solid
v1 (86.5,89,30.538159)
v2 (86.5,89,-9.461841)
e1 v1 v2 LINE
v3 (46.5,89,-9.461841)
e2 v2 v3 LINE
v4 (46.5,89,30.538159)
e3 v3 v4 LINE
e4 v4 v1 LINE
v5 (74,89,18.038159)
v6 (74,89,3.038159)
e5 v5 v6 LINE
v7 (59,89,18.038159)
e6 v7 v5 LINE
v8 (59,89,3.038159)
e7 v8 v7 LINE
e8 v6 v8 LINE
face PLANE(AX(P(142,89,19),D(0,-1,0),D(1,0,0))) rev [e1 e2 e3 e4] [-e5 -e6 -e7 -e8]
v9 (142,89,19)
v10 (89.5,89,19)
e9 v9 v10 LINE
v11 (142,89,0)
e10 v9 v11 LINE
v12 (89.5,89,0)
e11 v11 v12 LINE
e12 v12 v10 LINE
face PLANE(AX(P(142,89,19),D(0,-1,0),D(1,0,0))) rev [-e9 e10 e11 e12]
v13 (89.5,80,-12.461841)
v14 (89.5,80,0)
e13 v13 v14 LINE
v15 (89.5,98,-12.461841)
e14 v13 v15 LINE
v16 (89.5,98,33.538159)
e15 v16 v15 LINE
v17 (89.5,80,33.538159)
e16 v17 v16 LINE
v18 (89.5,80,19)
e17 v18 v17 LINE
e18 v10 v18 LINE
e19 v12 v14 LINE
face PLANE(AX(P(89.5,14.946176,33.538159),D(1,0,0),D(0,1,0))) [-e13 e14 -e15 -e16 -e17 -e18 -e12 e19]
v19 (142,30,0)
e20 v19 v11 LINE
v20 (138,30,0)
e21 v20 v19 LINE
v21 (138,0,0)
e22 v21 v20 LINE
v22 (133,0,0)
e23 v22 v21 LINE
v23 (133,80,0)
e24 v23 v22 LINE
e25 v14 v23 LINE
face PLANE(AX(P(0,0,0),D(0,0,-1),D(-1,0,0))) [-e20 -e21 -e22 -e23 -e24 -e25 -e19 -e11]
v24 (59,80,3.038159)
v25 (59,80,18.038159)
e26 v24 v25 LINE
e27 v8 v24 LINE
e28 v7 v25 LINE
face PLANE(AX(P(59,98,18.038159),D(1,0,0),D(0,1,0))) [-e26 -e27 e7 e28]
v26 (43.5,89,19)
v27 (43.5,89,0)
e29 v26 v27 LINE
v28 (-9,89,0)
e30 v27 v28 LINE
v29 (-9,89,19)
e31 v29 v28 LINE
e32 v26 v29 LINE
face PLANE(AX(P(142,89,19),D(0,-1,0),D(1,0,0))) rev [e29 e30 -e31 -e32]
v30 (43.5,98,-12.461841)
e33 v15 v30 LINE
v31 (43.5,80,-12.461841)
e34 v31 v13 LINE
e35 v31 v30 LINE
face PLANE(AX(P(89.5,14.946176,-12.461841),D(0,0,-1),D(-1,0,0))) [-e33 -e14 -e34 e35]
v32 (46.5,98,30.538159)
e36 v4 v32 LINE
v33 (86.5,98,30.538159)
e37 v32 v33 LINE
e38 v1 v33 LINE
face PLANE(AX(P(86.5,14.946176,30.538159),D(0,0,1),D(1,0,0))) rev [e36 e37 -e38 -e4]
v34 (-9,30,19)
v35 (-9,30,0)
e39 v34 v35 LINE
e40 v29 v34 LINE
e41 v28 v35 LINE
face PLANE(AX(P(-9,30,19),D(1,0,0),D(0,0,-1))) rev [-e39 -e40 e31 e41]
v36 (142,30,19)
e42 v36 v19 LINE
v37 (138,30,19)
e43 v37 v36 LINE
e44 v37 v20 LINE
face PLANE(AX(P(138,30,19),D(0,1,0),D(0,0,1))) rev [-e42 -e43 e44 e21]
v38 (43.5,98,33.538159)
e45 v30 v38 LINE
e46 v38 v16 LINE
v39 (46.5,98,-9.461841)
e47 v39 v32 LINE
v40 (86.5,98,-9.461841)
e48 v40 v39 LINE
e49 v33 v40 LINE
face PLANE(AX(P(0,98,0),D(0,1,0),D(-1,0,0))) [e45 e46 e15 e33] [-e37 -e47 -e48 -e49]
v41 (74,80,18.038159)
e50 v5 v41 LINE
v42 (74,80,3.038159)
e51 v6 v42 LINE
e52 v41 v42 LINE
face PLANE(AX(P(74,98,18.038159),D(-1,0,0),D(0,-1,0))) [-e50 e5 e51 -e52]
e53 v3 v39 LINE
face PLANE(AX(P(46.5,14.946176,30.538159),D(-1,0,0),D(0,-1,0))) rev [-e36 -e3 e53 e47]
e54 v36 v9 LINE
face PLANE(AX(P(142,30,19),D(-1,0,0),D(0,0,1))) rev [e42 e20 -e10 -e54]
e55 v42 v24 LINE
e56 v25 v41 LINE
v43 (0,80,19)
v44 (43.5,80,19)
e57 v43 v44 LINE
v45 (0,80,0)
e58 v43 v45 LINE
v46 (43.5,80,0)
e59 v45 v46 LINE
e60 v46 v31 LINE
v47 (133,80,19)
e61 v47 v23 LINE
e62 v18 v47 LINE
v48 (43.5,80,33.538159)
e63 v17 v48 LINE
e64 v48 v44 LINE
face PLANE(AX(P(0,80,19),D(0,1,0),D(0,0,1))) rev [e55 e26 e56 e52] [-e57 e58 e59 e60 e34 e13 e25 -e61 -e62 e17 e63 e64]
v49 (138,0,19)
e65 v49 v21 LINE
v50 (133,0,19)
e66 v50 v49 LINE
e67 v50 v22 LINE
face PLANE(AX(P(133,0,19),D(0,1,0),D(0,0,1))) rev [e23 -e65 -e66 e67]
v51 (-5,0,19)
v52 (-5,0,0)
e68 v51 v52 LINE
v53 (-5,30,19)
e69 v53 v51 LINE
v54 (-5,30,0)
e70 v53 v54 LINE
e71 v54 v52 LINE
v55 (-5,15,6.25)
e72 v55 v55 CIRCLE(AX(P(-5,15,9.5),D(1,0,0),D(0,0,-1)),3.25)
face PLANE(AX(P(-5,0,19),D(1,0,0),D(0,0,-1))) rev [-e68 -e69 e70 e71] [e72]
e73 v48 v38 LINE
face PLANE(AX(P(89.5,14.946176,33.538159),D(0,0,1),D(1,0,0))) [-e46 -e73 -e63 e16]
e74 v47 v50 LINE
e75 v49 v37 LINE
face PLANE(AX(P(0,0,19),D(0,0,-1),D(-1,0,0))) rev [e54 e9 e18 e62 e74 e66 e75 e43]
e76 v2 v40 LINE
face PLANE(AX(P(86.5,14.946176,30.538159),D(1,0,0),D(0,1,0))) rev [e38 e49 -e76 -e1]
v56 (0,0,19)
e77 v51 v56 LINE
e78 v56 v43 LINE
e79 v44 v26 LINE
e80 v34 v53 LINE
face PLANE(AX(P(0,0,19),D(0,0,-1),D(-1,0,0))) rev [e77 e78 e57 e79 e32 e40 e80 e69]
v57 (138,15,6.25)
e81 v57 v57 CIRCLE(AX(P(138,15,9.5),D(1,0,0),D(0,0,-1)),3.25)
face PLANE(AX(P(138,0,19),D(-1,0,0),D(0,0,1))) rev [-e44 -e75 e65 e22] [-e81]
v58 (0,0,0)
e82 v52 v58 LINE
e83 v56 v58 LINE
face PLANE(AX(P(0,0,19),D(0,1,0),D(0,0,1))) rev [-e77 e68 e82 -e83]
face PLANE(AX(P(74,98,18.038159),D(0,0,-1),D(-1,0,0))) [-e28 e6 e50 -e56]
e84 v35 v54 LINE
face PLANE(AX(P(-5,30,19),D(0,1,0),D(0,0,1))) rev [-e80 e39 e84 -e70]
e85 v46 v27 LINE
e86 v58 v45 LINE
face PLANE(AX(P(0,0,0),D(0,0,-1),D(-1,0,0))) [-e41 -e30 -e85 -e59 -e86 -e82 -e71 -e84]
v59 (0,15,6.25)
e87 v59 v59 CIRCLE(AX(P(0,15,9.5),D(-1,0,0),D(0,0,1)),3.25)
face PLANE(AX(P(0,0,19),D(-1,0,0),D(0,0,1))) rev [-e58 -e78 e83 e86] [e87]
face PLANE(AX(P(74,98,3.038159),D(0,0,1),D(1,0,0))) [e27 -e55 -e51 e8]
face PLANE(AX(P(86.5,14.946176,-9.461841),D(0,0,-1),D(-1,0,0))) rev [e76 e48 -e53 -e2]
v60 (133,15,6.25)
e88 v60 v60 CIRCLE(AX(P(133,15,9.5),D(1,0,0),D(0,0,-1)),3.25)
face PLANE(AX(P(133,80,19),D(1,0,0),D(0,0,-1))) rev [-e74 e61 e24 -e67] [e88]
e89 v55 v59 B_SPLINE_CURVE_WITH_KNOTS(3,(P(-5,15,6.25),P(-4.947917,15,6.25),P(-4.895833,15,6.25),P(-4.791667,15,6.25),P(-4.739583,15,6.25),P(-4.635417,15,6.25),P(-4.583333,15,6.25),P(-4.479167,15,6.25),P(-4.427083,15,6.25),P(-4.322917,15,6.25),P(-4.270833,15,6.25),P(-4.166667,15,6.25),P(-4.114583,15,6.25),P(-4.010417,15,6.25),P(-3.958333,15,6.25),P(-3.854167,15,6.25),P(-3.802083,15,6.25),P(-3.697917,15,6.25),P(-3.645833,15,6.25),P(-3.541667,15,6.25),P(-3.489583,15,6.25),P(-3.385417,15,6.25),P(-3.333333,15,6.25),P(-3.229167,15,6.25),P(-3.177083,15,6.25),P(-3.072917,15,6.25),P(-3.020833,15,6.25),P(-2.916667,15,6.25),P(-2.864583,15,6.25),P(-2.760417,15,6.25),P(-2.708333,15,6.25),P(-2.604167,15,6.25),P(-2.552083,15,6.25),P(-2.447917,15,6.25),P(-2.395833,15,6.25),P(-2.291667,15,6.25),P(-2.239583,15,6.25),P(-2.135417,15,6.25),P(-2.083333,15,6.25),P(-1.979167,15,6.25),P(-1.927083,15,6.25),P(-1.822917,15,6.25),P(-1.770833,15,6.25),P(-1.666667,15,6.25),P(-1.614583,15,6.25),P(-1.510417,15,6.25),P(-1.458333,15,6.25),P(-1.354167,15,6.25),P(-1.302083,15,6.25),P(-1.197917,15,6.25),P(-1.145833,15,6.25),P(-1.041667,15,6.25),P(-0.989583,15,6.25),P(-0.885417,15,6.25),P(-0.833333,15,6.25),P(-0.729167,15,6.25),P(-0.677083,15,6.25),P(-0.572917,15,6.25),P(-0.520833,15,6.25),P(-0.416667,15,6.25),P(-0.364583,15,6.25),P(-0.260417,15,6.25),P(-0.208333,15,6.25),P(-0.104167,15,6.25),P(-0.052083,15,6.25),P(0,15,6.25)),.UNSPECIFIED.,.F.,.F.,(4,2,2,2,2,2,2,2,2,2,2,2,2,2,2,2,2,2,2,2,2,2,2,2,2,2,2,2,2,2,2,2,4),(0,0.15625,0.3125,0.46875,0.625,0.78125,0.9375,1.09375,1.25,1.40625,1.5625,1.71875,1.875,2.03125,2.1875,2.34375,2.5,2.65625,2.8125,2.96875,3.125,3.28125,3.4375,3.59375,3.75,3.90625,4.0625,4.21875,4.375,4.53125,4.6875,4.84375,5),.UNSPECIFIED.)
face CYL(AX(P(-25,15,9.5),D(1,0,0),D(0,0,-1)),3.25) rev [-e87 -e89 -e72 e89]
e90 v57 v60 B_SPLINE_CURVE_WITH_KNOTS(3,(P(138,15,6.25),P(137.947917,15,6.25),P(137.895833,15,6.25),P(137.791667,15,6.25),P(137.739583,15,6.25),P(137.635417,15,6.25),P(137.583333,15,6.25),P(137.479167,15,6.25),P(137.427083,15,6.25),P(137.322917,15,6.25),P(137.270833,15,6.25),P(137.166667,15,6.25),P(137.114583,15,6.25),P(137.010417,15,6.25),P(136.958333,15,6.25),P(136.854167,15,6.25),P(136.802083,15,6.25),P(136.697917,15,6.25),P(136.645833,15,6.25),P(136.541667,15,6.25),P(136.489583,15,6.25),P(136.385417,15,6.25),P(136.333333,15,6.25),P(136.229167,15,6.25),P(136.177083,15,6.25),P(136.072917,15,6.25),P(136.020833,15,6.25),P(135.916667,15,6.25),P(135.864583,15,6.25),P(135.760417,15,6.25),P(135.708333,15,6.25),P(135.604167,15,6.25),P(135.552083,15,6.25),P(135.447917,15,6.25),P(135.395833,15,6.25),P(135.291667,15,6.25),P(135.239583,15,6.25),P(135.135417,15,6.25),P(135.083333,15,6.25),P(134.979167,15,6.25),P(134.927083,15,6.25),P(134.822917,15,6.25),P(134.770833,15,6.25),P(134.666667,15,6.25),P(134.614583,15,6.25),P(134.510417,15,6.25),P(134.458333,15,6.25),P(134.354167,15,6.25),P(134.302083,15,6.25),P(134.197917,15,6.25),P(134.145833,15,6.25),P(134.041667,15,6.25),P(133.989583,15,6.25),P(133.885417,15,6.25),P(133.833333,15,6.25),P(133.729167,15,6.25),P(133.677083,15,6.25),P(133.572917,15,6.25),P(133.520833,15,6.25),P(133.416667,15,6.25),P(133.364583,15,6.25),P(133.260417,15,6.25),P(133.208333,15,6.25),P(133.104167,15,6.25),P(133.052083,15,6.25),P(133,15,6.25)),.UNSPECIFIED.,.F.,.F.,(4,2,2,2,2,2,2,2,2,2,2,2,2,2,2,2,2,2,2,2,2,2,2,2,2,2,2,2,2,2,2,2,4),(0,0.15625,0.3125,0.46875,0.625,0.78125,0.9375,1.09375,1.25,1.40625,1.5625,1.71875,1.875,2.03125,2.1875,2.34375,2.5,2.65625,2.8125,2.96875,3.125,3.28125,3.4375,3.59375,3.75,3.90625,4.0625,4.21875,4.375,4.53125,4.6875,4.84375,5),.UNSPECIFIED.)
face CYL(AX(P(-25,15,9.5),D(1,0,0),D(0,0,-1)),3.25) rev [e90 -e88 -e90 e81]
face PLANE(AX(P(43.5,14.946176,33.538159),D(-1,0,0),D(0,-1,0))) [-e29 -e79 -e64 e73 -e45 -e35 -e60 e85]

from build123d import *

# Parameters (mm, degrees)
Y_KSEKLIK_EKSTR_ZYON1_DEPTH             = 19
IZIM2_W                                 = 40
IZIM2_H                                 = 40
Y_KSEKLIK_EKSTR_ZYON2_DEPTH             = 9
IZIM5_W                                 = 46
IZIM5_H                                 = 46
IZIM5_W_2                               = 40
IZIM5_H_2                               = 40
Y_KSEKLIK_EKSTR_ZYON3_DEPTH             = 9
Y_KSEKLIK_EKSTR_ZYON3_DIRECTION_2_REACH = 172.345
KES_EKSTR_ZYON1_DEPTH                   = 9
KES_EKSTR_ZYON1_DEPTH_BACK              = 9
IZIM7_W                                 = 15
IZIM7_H                                 = 15
IZIM8_R                                 = 3.25
KES_EKSTR_ZYON2_DEPTH                   = 163


with BuildPart() as part:
    # Çizim1 → Yükseklik-Ekstrüzyon1 (new body)
    with BuildSketch(Plane.XY):
        Polygon((0, 0), (0, 80), (133, 80), (133, 0), (138, 0), (138, 30), (142, 30), (142, 89), (-9, 89), (-9, 30), (-5, 30), (-5, 0), align=None)
    extrude(amount=Y_KSEKLIK_EKSTR_ZYON1_DEPTH)

    # Çizim2 → Yükseklik-Ekstrüzyon2 (add)
    with BuildSketch(Plane(origin=(0, 89, 0), x_dir=(1, 0, 0), z_dir=(0, 1, 0))):
        with Locations((66.5, -10.538159249)):
            Rectangle(IZIM2_W, IZIM2_H)
    extrude(amount=-Y_KSEKLIK_EKSTR_ZYON2_DEPTH)

    # Çizim5 → Yükseklik-Ekstrüzyon3 (add)
    with BuildSketch(Plane(origin=(0, 89, 0), x_dir=(1, 0, 0), z_dir=(0, 1, 0))):
        with Locations((66.5, -10.538159249)):
            Rectangle(IZIM5_W, IZIM5_H)
        with Locations((66.5, -10.538159249)):
            Rectangle(IZIM5_W_2, IZIM5_H_2, mode=Mode.SUBTRACT)
    extrude(amount=Y_KSEKLIK_EKSTR_ZYON3_DEPTH)

    # Yükseklik-Ekstrüzyon3 direction 2: up to this face of the body (flat: up to its plane)
    y_kseklik_ekstr_zyon3_direction_2_end = Plane(part.part.faces().sort_by_distance((66.5, 80, 9.993333768))[0])
    # Çizim5 → Yükseklik-Ekstrüzyon3 direction 2 (add, up to the picked face)
    with BuildSketch(Plane(origin=(0, 89, 0), x_dir=(1, 0, 0), z_dir=(0, 1, 0)), mode=Mode.PRIVATE) as y_kseklik_ekstr_zyon3_direction_2_sk1:
        with Locations((66.5, -10.538159249)):
            Rectangle(IZIM5_W, IZIM5_H)
        with Locations((66.5, -10.538159249)):
            Rectangle(IZIM5_W_2, IZIM5_H_2, mode=Mode.SUBTRACT)
    y_kseklik_ekstr_zyon3_direction_2_tool1 = split(extrude(y_kseklik_ekstr_zyon3_direction_2_sk1.sketch, amount=-Y_KSEKLIK_EKSTR_ZYON3_DIRECTION_2_REACH, mode=Mode.PRIVATE), bisect_by=y_kseklik_ekstr_zyon3_direction_2_end, keep=Keep.BOTH, mode=Mode.PRIVATE)
    add(y_kseklik_ekstr_zyon3_direction_2_tool1.solids().sort_by(Axis((66.5, 89, 32.887621), (0, -1, 0)))[0])

    # Çizim7 → Kes-Ekstrüzyon1 (cut, two sides: drawn at the far end of the back side and taken through both)
    with BuildSketch(Plane(origin=(0, 89, 0), x_dir=(1, 0, 0), z_dir=(0, 1, 0)).offset(-KES_EKSTR_ZYON1_DEPTH_BACK)):
        with Locations((66.5, -10.538159249)):
            Rectangle(IZIM7_W, IZIM7_H)
    extrude(amount=KES_EKSTR_ZYON1_DEPTH + KES_EKSTR_ZYON1_DEPTH_BACK, mode=Mode.SUBTRACT)

    # Çizim8 → Kes-Ekstrüzyon2 (cut)
    with BuildSketch(Plane(origin=(138, 0, 0), x_dir=(0, 0, -1), z_dir=(1, 0, 0))):
        with Locations((-9.5, 15)):
            Circle(IZIM8_R)
    extrude(amount=-KES_EKSTR_ZYON2_DEPTH, mode=Mode.SUBTRACT)


solid = part.part
